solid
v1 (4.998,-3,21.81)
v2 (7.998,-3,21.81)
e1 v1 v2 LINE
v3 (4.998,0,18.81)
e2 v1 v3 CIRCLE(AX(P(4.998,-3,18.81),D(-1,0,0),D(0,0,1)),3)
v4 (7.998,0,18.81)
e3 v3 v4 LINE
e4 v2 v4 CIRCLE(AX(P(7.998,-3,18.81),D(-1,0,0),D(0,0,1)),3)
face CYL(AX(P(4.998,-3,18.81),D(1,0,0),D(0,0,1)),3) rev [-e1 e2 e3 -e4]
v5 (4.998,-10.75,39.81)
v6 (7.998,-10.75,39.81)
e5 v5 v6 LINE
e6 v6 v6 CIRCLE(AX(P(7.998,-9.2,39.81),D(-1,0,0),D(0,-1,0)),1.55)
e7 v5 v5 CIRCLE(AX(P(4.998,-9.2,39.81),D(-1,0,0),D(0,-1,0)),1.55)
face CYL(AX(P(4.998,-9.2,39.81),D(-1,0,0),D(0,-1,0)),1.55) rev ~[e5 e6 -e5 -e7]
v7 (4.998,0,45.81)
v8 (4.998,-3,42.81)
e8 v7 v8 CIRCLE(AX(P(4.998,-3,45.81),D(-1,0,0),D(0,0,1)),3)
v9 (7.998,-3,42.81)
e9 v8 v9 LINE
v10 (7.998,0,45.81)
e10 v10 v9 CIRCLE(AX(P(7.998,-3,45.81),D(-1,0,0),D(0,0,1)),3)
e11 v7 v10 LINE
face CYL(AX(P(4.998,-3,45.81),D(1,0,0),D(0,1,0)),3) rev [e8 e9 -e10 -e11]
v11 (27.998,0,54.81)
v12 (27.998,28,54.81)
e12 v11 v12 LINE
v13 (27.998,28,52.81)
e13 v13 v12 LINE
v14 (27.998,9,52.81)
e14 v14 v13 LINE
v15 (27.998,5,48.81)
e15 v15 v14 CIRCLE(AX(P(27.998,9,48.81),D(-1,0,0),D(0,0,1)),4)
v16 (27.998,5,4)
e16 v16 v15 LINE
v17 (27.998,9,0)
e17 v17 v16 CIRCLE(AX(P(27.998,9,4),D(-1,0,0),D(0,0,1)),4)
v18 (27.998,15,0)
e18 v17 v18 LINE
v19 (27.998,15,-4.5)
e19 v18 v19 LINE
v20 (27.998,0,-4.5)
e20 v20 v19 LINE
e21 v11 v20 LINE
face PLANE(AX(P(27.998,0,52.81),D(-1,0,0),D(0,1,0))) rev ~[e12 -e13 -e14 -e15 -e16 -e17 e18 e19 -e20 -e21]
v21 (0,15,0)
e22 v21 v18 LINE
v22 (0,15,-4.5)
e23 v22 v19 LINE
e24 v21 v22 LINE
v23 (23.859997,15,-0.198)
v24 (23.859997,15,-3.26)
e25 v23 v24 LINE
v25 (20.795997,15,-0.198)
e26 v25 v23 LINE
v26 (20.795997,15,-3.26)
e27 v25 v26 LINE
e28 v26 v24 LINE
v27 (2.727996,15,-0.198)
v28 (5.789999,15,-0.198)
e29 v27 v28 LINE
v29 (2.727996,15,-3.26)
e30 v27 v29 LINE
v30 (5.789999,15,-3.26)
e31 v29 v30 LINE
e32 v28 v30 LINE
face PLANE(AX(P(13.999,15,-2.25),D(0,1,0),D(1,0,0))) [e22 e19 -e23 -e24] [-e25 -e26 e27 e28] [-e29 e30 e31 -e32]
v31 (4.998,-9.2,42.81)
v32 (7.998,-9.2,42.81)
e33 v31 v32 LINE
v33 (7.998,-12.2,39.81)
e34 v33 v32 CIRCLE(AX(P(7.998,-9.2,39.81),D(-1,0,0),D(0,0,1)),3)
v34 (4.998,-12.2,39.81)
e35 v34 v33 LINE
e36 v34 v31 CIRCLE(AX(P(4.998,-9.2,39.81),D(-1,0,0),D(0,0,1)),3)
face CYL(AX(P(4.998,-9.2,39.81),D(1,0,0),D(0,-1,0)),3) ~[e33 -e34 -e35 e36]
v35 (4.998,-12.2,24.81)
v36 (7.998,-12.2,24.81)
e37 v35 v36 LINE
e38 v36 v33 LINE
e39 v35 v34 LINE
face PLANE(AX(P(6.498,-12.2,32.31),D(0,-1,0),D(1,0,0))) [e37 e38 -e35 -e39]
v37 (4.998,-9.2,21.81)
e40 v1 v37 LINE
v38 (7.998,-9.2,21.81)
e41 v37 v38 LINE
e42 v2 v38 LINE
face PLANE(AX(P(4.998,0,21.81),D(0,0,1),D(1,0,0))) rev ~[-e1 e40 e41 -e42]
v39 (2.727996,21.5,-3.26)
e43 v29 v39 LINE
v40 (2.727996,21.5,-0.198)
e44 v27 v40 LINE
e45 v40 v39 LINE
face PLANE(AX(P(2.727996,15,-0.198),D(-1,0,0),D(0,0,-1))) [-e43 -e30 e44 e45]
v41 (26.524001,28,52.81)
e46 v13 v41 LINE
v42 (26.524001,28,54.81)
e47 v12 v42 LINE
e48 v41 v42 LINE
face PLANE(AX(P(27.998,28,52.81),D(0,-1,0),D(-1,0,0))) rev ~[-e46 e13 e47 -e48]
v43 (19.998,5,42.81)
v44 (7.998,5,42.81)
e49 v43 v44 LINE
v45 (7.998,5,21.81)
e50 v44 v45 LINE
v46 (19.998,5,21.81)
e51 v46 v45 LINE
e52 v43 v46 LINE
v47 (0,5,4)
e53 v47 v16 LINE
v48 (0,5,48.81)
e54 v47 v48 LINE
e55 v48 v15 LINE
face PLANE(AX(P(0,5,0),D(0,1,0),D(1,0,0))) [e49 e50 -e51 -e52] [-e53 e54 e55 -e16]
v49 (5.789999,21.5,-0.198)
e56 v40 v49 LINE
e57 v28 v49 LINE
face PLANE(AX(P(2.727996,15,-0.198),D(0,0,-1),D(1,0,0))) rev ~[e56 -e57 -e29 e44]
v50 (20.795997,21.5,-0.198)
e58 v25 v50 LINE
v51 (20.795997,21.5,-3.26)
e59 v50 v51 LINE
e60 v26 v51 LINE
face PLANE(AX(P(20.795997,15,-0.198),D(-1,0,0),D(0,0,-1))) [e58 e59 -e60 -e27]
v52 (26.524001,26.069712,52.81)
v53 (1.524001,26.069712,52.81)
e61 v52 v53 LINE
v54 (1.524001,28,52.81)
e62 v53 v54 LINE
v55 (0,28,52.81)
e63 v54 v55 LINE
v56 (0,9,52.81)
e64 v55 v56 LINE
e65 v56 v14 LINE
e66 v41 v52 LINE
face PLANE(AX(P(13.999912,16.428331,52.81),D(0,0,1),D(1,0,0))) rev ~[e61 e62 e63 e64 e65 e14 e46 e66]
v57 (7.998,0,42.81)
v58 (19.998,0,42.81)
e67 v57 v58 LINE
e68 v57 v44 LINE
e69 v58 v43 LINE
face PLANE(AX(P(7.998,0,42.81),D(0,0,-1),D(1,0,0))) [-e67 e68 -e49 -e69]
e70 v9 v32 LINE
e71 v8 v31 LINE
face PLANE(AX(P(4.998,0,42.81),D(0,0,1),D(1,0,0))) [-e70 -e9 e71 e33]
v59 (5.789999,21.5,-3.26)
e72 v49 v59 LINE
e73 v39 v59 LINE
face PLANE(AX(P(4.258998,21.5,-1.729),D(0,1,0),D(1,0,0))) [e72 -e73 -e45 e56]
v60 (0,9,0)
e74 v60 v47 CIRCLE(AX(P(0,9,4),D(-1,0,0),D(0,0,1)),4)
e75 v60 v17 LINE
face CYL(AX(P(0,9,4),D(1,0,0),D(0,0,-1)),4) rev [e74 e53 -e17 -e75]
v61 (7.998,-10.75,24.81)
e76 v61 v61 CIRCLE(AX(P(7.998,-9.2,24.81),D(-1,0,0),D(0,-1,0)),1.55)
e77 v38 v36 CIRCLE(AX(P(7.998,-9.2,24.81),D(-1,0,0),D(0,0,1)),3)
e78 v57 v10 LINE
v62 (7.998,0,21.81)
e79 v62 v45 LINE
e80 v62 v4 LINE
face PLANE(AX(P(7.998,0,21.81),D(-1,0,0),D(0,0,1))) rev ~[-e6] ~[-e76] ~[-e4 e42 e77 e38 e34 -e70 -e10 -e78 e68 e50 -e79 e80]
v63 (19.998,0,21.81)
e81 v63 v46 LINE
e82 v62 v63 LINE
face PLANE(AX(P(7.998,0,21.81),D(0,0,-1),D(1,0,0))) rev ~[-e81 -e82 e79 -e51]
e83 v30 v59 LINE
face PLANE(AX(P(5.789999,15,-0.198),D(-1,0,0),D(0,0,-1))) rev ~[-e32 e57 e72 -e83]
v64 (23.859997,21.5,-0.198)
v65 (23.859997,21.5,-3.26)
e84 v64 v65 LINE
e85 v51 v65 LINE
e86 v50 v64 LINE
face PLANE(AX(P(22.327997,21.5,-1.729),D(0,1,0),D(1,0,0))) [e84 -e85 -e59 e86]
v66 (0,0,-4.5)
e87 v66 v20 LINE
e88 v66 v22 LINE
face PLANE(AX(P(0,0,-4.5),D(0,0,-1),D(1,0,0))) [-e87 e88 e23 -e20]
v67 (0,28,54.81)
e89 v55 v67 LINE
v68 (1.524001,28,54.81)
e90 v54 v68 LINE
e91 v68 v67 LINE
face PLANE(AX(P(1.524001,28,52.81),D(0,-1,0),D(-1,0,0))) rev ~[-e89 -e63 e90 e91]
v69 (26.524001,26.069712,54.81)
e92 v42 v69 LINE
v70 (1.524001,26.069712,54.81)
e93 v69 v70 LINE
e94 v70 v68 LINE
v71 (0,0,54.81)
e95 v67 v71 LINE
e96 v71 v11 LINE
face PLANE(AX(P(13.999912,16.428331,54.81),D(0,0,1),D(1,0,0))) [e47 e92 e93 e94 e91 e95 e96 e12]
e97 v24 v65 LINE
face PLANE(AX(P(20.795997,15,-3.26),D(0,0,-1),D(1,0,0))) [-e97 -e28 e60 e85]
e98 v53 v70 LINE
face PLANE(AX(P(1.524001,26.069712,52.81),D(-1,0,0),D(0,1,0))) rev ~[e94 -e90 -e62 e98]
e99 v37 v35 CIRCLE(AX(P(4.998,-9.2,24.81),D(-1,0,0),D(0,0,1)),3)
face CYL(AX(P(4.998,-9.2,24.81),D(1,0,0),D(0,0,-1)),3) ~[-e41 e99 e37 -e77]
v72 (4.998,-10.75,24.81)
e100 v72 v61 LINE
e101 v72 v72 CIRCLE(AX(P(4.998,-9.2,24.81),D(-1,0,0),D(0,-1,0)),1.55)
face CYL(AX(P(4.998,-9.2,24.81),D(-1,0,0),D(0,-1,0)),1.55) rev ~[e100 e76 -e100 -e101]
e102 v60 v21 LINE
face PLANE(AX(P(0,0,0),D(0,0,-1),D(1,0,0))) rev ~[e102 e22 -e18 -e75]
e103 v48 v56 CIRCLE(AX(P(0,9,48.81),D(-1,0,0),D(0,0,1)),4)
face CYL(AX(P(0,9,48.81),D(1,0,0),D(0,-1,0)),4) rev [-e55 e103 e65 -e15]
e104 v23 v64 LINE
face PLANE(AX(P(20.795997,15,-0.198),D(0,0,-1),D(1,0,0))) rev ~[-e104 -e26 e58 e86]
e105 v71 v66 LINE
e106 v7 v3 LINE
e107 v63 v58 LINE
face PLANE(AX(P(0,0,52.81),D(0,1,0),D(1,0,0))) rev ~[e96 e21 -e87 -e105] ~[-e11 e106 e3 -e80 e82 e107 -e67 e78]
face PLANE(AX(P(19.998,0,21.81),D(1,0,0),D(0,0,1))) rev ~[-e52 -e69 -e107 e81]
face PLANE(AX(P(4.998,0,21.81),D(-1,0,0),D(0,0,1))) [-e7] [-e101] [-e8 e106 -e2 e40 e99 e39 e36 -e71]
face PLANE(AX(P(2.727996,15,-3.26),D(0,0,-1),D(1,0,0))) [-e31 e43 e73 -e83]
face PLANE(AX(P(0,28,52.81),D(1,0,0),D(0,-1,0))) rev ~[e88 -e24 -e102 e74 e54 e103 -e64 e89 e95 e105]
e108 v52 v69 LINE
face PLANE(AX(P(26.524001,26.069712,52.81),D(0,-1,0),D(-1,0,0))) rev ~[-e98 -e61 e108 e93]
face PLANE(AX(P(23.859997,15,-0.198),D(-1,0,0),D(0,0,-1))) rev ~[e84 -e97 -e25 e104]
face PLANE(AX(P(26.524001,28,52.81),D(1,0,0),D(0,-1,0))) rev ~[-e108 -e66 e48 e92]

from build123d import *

# Parameters (mm, degrees)
SKETCH1_W           = 27.99800038
SKETCH1_H           = 4.5
BOSS_EXTRUDE2_DEPTH = 15
SKETCH2_W           = 27.99800038
SKETCH2_H           = 5
BOSS_EXTRUDE3_DEPTH = 52.81000038
FILLET1_R           = 4
SKETCH3_W           = 27.99800038
SKETCH3_H           = 5
BOSS_EXTRUDE4_DEPTH = 2.000000002
FILLET2_R           = 4
SKETCH4_W           = 3.06400013
SKETCH4_H           = 3.062000231
SKETCH4_W_2         = 3.062003374
BOSS_EXTRUDE5_DEPTH = 6.5
SKETCH5_W           = 12
SKETCH5_H           = 21
CUT_EXTRUDE1_DEPTH  = 6.5
SKETCH6_W           = 3
SKETCH6_H           = 21
BOSS_EXTRUDE6_DEPTH = 12.2
CUT_EXTRUDE2_DEPTH  = 12.2
FILLET4_R           = 3
FILLET5_R           = 3


with BuildPart() as part:
    # Sketch1 → Boss-Extrude2 (new body)
    with BuildSketch(Plane(origin=(0, 0, 0), x_dir=(1, 0, 0), z_dir=(0, 1, 0))):
        with Locations((13.99900019, 2.25)):
            Rectangle(SKETCH1_W, SKETCH1_H)
    extrude(amount=BOSS_EXTRUDE2_DEPTH)

    # Sketch2 → Boss-Extrude3 (add)
    with BuildSketch(Plane.XY):
        with Locations((13.99900019, 2.5)):
            Rectangle(SKETCH2_W, SKETCH2_H)
    extrude(amount=BOSS_EXTRUDE3_DEPTH)

    # Fillet1
    fillet1_edges = [part.edges().sort_by_distance(p)[0] for p in [
        (13.99900019, 5, 0),
    ]]
    fillet(fillet1_edges, radius=FILLET1_R)

    # Sketch3 → Boss-Extrude4 (add)
    with BuildSketch(Plane.XY.offset(52.81000038)):
        Polygon((0, 5), (27.99800038, 5), (27.99800038, 28), (26.52400061, 28), (26.52400061, 26.06971172), (1.52400061, 26.06971172), (1.52400061, 28), (0, 28), align=None)
        with Locations((13.99900019, 2.5)):
            Rectangle(SKETCH3_W, SKETCH3_H)
    extrude(amount=BOSS_EXTRUDE4_DEPTH)

    # Fillet2
    fillet2_edges = [part.edges().sort_by_distance(p)[0] for p in [
        (13.99900019, 5, 52.81000038),
    ]]
    fillet(fillet2_edges, radius=FILLET2_R)

    # Sketch4 → Boss-Extrude5 (add)
    with BuildSketch(Plane(origin=(0, 15, 0), x_dir=(1, 0, 0), z_dir=(0, 1, 0))):
        with Locations((22.327996787, 1.728999914)):
            Rectangle(SKETCH4_W, SKETCH4_H)
        with Locations((4.258997735, 1.728999914)):
            Rectangle(SKETCH4_W_2, SKETCH4_H)
    extrude(amount=BOSS_EXTRUDE5_DEPTH)

    # Sketch5 → Cut-Extrude1 (cut)
    with BuildSketch(Plane.XZ):
        with Locations((13.99800038, 32.310000382)):
            Rectangle(SKETCH5_W, SKETCH5_H)
    extrude(amount=-CUT_EXTRUDE1_DEPTH, mode=Mode.SUBTRACT)

    # Sketch6 → Boss-Extrude6 (add)
    with BuildSketch(Plane.XZ):
        with Locations((6.49800038, 32.310000382)):
            Rectangle(SKETCH6_W, SKETCH6_H)
    extrude(amount=BOSS_EXTRUDE6_DEPTH)

    # Sketch7 → Cut-Extrude2 (cut)
    with BuildSketch(Plane.ZY.offset(-4.99800038)):
        with BuildLine():
            ThreePointArc((24.810000382, -7.65), (23.260000382, -9.2), (24.810000382, -10.75))
            ThreePointArc((24.810000382, -10.75), (26.360000382, -9.2), (24.810000382, -7.65))
        make_face()
        with BuildLine():
            ThreePointArc((39.810000382, -7.65), (38.260000382, -9.2), (39.810000382, -10.75))
            ThreePointArc((39.810000382, -10.75), (41.360000382, -9.2), (39.810000382, -7.65))
        make_face()
    extrude(amount=-CUT_EXTRUDE2_DEPTH, mode=Mode.SUBTRACT)

    # Fillet4
    fillet4_edges = [part.edges().sort_by_distance(p)[0] for p in [
        (6.49800038, -12.2, 42.810000382),
        (6.49800038, -12.2, 21.810000382),
    ]]
    fillet(fillet4_edges, radius=FILLET4_R)

    # Fillet5
    fillet5_edges = [part.edges().sort_by_distance(p)[0] for p in [
        (6.49800038, 0, 42.810000382),
        (6.49800038, 0, 21.810000382),
    ]]
    fillet(fillet5_edges, radius=FILLET5_R)


solid = part.part
